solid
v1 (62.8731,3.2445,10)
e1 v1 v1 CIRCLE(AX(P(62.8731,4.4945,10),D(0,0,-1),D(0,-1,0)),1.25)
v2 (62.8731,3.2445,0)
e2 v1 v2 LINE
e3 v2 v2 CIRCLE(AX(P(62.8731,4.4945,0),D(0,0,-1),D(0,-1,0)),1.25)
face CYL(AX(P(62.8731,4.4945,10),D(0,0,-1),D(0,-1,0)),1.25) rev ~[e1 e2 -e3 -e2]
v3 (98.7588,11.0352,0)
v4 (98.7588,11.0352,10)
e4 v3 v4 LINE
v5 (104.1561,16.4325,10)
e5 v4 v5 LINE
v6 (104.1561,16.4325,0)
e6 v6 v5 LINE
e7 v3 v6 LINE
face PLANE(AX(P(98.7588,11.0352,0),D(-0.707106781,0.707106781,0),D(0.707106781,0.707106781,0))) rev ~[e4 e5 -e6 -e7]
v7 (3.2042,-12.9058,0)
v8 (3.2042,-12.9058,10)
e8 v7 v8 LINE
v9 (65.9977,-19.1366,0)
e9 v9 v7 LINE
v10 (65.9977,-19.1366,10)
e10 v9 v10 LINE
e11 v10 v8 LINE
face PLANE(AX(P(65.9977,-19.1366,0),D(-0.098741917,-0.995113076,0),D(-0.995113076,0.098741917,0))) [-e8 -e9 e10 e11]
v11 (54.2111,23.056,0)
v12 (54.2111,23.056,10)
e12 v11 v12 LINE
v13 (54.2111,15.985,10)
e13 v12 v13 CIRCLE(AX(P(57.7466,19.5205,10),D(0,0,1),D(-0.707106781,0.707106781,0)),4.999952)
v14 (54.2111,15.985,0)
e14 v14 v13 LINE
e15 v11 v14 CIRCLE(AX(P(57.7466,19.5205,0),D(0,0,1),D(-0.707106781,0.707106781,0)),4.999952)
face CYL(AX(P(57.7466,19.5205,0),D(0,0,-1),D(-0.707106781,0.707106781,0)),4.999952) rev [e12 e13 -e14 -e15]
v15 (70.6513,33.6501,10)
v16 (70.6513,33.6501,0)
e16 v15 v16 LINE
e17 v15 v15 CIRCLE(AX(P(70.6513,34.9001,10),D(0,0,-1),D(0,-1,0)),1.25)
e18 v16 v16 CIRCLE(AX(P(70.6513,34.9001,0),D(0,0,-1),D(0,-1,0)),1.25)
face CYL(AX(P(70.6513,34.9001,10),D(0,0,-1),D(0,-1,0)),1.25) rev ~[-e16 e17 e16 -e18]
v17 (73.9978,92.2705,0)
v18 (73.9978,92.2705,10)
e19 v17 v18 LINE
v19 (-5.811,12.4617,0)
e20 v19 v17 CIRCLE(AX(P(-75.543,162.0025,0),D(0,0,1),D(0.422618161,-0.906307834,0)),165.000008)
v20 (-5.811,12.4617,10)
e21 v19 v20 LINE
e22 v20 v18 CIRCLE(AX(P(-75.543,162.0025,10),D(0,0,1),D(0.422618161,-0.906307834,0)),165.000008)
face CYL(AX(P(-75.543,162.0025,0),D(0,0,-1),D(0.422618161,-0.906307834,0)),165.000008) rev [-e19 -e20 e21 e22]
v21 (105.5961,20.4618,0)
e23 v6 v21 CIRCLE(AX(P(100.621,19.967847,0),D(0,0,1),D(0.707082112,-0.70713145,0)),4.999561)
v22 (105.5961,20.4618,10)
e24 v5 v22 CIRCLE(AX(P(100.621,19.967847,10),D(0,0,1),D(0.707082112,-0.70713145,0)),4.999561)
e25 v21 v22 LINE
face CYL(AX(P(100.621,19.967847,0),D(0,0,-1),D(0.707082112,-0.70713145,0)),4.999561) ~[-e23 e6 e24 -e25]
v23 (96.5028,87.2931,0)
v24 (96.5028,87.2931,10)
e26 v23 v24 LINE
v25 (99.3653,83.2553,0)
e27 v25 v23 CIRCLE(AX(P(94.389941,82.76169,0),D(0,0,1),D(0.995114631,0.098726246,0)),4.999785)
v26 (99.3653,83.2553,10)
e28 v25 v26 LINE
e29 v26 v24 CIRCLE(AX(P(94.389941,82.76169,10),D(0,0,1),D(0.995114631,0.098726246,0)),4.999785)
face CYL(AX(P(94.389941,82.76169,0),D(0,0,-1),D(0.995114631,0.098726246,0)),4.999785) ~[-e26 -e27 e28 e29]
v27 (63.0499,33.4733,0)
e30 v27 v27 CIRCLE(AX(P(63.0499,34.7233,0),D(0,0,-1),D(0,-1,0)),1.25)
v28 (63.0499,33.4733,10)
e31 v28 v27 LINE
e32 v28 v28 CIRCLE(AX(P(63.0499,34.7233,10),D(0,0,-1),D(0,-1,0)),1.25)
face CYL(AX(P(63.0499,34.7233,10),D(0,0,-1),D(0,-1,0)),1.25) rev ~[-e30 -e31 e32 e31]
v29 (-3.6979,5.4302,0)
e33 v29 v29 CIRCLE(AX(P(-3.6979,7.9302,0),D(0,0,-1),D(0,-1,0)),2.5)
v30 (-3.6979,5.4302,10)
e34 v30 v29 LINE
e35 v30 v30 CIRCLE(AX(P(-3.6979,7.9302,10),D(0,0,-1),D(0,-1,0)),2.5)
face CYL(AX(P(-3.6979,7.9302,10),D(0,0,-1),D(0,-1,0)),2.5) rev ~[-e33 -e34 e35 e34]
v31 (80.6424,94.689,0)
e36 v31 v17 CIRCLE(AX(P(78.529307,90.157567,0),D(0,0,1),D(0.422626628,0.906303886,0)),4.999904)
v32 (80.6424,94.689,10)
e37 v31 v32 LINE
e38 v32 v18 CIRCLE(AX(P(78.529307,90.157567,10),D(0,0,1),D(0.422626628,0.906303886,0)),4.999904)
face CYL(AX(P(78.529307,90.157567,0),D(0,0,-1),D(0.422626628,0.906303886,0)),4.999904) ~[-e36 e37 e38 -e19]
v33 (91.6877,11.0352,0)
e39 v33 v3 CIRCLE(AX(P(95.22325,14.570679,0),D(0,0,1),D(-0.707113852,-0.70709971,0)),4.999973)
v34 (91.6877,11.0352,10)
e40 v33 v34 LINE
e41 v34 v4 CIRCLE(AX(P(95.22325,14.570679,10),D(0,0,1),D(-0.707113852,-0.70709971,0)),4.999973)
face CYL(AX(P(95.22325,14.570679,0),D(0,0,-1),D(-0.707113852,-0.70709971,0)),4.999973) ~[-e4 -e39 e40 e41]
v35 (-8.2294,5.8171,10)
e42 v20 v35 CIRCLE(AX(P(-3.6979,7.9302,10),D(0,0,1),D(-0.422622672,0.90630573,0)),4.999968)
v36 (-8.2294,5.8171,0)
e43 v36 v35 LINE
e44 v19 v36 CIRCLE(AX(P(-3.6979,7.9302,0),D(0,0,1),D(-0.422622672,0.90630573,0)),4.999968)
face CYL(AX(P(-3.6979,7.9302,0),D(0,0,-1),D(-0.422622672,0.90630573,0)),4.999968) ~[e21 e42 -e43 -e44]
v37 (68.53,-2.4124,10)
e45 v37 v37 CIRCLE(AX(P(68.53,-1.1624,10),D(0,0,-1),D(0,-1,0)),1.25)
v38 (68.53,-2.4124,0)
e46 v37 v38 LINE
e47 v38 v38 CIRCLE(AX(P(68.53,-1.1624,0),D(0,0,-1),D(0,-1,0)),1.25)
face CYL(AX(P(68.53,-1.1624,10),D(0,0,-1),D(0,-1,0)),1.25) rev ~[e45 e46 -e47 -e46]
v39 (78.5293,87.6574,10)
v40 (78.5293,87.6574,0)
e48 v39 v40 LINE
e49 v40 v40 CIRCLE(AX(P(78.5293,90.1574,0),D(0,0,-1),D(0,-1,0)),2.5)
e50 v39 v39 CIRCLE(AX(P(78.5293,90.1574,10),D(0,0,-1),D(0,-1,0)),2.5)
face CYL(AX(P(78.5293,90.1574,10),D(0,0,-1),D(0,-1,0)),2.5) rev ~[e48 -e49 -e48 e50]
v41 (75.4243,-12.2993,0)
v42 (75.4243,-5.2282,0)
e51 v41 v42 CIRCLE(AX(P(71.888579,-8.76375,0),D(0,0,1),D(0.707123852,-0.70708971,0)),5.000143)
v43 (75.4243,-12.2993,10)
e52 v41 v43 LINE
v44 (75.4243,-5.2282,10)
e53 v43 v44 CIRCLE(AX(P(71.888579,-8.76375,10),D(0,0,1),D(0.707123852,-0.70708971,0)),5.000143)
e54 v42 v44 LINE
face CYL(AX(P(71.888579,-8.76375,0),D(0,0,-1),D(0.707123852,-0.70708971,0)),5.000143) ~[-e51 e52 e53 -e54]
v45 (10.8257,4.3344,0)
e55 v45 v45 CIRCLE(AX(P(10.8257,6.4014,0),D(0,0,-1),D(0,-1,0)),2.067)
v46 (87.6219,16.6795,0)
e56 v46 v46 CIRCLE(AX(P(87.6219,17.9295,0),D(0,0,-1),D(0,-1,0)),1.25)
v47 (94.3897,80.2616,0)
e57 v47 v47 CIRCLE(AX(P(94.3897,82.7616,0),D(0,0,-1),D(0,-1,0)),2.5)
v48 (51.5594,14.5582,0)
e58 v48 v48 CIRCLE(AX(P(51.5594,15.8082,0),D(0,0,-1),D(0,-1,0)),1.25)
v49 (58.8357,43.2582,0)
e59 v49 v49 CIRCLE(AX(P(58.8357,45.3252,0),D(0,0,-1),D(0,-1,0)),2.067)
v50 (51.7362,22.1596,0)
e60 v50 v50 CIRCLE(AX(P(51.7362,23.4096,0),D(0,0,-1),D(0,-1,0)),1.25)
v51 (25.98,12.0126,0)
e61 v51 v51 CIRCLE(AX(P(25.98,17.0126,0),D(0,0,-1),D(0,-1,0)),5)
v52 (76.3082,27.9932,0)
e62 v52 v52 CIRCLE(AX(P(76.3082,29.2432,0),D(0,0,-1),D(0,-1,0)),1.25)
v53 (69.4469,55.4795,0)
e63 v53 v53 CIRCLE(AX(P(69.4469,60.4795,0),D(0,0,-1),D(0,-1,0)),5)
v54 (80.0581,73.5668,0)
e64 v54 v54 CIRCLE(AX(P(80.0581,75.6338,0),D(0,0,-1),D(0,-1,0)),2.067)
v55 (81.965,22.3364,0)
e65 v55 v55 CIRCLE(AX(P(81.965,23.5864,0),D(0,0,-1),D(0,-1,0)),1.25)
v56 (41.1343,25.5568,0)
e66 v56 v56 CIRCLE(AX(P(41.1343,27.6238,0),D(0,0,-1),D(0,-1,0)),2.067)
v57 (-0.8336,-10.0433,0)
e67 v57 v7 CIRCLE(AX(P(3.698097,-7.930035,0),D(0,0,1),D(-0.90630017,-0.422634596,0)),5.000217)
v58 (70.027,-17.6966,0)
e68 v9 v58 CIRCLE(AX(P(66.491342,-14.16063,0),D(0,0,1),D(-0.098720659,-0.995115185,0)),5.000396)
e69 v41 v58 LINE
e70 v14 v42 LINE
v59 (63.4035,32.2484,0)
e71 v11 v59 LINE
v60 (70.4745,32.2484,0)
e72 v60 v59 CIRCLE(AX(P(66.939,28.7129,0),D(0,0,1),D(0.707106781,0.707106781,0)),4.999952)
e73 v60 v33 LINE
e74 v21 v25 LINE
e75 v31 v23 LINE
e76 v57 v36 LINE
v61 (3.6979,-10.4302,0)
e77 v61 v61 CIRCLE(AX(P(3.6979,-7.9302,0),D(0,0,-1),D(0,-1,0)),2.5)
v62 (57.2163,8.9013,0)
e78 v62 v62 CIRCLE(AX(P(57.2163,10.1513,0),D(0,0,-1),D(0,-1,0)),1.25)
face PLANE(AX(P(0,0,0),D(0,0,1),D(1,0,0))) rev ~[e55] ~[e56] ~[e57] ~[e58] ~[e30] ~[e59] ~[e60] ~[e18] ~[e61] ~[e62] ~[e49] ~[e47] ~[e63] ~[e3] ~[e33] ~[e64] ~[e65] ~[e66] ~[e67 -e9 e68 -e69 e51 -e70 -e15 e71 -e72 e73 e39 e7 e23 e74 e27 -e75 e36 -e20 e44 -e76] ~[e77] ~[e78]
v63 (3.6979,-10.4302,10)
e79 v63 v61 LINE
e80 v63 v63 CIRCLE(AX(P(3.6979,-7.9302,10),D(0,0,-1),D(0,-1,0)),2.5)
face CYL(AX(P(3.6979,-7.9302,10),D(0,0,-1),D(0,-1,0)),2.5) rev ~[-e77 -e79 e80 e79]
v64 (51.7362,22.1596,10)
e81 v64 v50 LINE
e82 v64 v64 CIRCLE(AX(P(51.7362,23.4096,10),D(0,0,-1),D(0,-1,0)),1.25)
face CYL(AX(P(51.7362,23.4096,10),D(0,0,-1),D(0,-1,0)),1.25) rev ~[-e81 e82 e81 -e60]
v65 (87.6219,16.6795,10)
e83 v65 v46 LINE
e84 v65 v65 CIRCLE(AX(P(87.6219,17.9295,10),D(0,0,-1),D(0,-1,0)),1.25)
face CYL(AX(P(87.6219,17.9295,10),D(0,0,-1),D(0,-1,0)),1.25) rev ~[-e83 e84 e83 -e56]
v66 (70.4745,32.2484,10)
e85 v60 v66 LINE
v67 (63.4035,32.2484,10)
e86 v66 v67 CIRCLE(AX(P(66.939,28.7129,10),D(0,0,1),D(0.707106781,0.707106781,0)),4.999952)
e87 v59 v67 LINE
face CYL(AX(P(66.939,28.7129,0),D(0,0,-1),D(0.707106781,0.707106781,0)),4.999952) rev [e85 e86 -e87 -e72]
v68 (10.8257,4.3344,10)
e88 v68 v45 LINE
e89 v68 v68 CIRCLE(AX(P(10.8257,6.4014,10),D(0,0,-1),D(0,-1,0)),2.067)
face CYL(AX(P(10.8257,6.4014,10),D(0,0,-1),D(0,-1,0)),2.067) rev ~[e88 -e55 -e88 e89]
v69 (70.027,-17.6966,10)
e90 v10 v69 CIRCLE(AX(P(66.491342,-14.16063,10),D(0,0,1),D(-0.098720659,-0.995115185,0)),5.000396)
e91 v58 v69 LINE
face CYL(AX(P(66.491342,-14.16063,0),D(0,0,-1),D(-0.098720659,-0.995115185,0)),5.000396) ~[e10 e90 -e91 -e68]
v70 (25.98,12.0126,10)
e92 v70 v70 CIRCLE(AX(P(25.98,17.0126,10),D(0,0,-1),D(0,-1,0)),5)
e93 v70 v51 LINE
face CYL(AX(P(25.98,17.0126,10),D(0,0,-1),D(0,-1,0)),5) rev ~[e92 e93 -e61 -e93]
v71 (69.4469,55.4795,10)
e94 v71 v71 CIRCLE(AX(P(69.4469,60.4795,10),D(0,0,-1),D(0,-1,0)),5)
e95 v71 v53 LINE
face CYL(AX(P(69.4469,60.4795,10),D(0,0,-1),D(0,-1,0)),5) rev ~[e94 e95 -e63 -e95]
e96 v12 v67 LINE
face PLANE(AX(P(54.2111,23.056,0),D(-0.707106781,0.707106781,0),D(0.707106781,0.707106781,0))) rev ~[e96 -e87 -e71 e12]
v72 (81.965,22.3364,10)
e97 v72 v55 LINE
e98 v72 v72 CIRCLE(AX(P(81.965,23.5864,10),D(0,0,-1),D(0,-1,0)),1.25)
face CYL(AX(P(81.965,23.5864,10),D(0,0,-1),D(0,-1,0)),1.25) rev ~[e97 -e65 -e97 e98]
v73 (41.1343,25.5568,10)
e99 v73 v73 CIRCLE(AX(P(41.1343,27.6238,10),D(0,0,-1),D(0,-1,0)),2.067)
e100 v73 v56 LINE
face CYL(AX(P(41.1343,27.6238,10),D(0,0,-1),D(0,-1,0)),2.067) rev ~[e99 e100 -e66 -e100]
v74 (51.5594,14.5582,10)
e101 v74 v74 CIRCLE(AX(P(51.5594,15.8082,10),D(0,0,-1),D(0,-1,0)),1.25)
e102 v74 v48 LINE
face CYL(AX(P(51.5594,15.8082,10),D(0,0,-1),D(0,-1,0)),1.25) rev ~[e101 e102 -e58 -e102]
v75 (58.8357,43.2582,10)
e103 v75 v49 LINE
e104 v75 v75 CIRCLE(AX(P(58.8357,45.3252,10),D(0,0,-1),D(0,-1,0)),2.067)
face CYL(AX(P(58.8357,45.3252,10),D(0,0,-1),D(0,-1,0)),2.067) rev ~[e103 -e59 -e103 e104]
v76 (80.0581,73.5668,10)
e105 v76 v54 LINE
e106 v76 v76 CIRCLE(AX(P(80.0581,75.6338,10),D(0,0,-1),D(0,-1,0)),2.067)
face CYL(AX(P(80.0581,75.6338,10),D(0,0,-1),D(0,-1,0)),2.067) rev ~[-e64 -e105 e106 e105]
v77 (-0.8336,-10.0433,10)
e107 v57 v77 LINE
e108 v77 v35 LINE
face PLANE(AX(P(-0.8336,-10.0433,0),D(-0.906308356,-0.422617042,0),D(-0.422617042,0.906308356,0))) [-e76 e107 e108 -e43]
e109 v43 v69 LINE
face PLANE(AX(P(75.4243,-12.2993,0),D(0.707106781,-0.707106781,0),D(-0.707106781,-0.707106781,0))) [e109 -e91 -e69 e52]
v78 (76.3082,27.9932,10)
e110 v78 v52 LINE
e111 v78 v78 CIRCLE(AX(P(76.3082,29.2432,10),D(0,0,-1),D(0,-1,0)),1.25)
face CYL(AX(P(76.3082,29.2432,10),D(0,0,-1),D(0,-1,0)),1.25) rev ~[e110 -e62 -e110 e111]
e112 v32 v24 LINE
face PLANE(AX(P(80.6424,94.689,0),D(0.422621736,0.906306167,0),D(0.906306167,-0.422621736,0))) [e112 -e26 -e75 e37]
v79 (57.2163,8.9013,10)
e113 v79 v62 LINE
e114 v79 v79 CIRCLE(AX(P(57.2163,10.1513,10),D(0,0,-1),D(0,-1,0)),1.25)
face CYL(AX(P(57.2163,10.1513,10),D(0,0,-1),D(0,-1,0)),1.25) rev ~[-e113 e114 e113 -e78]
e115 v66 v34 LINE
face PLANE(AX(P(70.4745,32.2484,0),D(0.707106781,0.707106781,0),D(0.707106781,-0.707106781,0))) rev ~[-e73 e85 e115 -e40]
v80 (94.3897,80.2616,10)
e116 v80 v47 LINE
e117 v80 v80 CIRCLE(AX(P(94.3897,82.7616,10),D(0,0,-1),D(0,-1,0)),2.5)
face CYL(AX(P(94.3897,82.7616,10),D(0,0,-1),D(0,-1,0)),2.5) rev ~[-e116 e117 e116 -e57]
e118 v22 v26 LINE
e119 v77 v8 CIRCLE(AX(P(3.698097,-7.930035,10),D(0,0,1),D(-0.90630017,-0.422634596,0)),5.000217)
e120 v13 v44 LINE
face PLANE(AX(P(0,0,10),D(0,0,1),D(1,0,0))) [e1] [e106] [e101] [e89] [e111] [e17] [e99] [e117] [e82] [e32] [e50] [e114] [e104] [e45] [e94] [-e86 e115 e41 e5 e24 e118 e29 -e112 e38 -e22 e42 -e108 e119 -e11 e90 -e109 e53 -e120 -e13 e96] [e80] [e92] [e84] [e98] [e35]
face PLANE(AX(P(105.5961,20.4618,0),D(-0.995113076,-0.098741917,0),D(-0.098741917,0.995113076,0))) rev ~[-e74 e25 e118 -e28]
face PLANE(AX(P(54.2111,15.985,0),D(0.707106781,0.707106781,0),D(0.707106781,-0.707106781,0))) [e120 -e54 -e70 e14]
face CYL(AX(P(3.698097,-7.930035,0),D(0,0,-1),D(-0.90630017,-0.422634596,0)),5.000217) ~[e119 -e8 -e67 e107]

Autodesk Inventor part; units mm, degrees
ref_plane "YZ Plane" through (0, 0, 0) normal (1, 0, 0) x (0, 1, 0)
ref_plane "XZ Plane" through (0, 0, 0) normal (0, 1, 0) x (-1, 0, 0)
ref_plane "XY Plane" through (0, 0, 0) normal (0, 0, 1) x (1, 0, 0)
sketch "Sketch1" plane through (0, 0, 0) normal (0, 0, 1) x (1, 0, 0)
  circle A0 centre (-3.6979, 7.9302) radius 2.5 construction
  circle A1 centre (3.6979, -7.9302) radius 2.5 construction
  line L0 (-8.2294, 5.8171) -> (-0.8336, -10.0433) construction
  arc A2 (-0.8336, -10.0433) -> (8.2294, -5.8171) centre (3.6979, -7.9302) ccw construction
  line L1 (8.2294, -5.8171) -> (0.8336, 10.0433) construction
  arc A3 (0.8336, 10.0433) -> (-8.2294, 5.8171) centre (-3.6979, 7.9302) ccw construction
  circle A4 centre (78.5293, 90.1574) radius 2.5 construction
  circle A5 centre (94.3897, 82.7616) radius 2.5 construction
  line L2 (76.4162, 85.6259) -> (92.2766, 78.2301) construction
  arc A6 (92.2766, 78.2301) -> (96.5028, 87.2931) centre (94.3897, 82.7616) ccw construction
  line L3 (96.5028, 87.2931) -> (80.6424, 94.689) construction
  arc A7 (80.6424, 94.689) -> (76.4162, 85.6259) centre (78.5293, 90.1574) ccw construction
  circle A8 centre (-75.543, 162.0025) radius 75 construction
  line L4 (112.457, 50.5739) -> (112.457, -27.9975) construction
  line L5 (107.457, -32.9975) -> (39.927, -32.9975) construction
  line L6 (-75.543, 162.0025) -> (58.8073, 27.6522) construction
  line L7 (54.2111, 23.056) -> (63.4035, 32.2484)
  line L8 (70.4745, 32.2484) -> (91.6877, 11.0352)
  line L9 (54.2111, 15.985) -> (75.4243, -5.2282)
  line L10 (75.4243, -12.2993) -> (70.027, -17.6966)
  line L11 (98.7588, 11.0352) -> (104.1561, 16.4325)
  line L12 (-0.8336, -10.0433) -> (-8.2294, 5.8171)
  line L13 (80.6424, 94.689) -> (96.5028, 87.2931)
  arc A9 (-5.811, 12.4617) -> (73.9978, 92.2705) centre (-75.543, 162.0025) ccw
  line L14 (-3.6979, 7.9302) -> (3.6979, -7.9302) construction
  line L15 (78.5293, 90.1574) -> (94.3897, 82.7616) construction
  line L16 (65.9977, -19.1366) -> (3.2042, -12.9058)
  line L17 (105.5961, 20.4618) -> (99.3653, 83.2553)
  arc A10 (75.4243, -12.2993) -> (75.4243, -5.2282) centre (71.8887, -8.7638) ccw
  arc A11 (54.2111, 23.056) -> (54.2111, 15.985) centre (57.7466, 19.5205) ccw
  arc A12 (70.4745, 32.2484) -> (63.4035, 32.2484) centre (66.939, 28.7129) ccw
  arc A13 (91.6877, 11.0352) -> (98.7588, 11.0352) centre (95.2233, 14.5708) ccw
  arc A14 (104.1561, 16.4325) -> (105.5961, 20.4618) centre (100.6206, 19.9681) ccw
  arc A15 (99.3653, 83.2553) -> (96.5028, 87.2931) centre (94.3897, 82.7616) ccw
  arc A16 (80.6424, 94.689) -> (73.9978, 92.2705) centre (78.5293, 90.1574) ccw
  arc A17 (-5.811, 12.4617) -> (-8.2294, 5.8171) centre (-3.6979, 7.9302) ccw
  arc A18 (-0.8336, -10.0433) -> (3.2042, -12.9058) centre (3.6979, -7.9302) ccw
  arc A19 (65.9977, -19.1366) -> (70.027, -17.6966) centre (66.4914, -14.1611) ccw
  point P0 (0, 0)
  point P1 (79.4008, -9.1758)
  point P2 (50.6755, 19.5205)
  point P3 (66.939, 35.784)
  point P4 (95.2233, 7.4997)
  point P5 (78.9598, -8.7638)
  point P6 (68.3532, -19.3704)
  point P7 (105.8299, 18.1063)
  point P8 (0.37, -12.6245)
  point P9 (76.0422, 96.8341)
  point P10 (99.084, 86.0895)
  point P11 (-10.3746, 10.4173)
  point P12 (-4.5315, -2.1131)
  point P13 (88.5726, 90.991)
  dimension "d56" = 190
  dimension "d64" = 23
  dimension "d65" = 40
  dimension "d67" = 165
  dimension "d68" = 15
  dimension "d69" = 15
  dimension "d70" = 20
  dimension "d73" = 5
extrude "Extrusion1" add sketch "Sketch1" along normal blind 10
sketch "Sketch2" plane through (0, 0, 10) normal (0, 0, 1) x (1, 0, 0)
  circle A0 centre (3.6979, -7.9302) radius 2.067 projected
  circle A1 centre (-3.6979, 7.9302) radius 2.067 projected
  circle A2 centre (94.3897, 82.7616) radius 2.067 projected
  circle A3 centre (78.5293, 90.1574) radius 2.067 projected
  point P0 (0, 0)
hole "Hole1" at (78.5293, 90.1574, 10) at (94.3897, 82.7616, 10) at (-3.6979, 7.9302, 10) at (3.6979, -7.9302, 10) direction (0, 0, -1) diameter 5 end through all
sketch "Sketch4" plane through (0, 0, 10) normal (0, 0, 1) x (1, 0, 0)
  circle A0 centre (-3.6979, 7.9302) radius 2.5 projected
  circle A1 centre (78.5293, 90.1574) radius 2.5 projected
  circle A2 centre (94.3897, 82.7616) radius 2.5 projected
  circle A3 centre (3.6979, -7.9302) radius 2.5 projected
  line L0 (-75.543, 162.0025) -> (25.98, 17.0126) construction
  line L1 (-75.543, 162.0025) -> (-3.6979, 7.9302) construction
  line L2 (78.5293, 90.1574) -> (-75.543, 162.0025) construction
  line L3 (-75.543, 162.0025) -> (69.4469, 60.4795) construction
  circle A4 centre (-75.543, 162.0025) radius 75 projected
  point P0 (0, 0)
  dimension "d27" = 10
  dimension "d28" = 10
  dimension "d71" = 177
  dimension "d72" = 177
hole "Hole2" at (25.98, 17.0126, 10) at (69.4469, 60.4795, 10) direction (0, 0, -1) diameter 10 end through all
sketch "Sketch6" plane through (0, 0, 10) normal (0, 0, 1) x (1, 0, 0)
  line L0 (25.98, 17.0126) -> (10.8257, 6.4014) construction
  line L1 (25.98, 17.0126) -> (41.1343, 27.6238) construction
  line L2 (25.98, 17.0126) -> (19.0971, 26.8424) construction
  line L3 (69.4469, 60.4795) -> (58.8357, 45.3252) construction
  line L4 (69.4469, 60.4795) -> (80.0581, 75.6338) construction
  line L5 (69.4469, 60.4795) -> (59.6171, 67.3624) construction
  arc A0 (-5.811, 12.4617) -> (73.9978, 92.2705) centre (-75.543, 162.0025) ccw projected
  circle A1 centre (69.4469, 60.4795) radius 5 projected
  circle A2 centre (25.98, 17.0126) radius 5 projected
  point P0 (0, 0)
  point P1 (76.0422, 96.8341)
  point P2 (-10.3746, 10.4173)
  dimension "d29" = 18.5
  dimension "d30" = 18.5
  dimension "d38" = 18.5
  dimension "d39" = 18.5
hole "Hole3" at (10.8257, 6.4014, 10) at (41.1343, 27.6238, 10) at (58.8357, 45.3252, 10) at (80.0581, 75.6338, 10) direction (0, 0, -1) diameter 4.134 end through all thread size "M5x0.8" class "6H" standard "ANSI Metric M Profile"
sketch "Sketch7" plane through (0, 0, 10) normal (0, 0, 1) x (1, 0, 0)
  arc A0 (50.3958, 16.2647) -> (52.016, 14.6445) centre (51.5594, 15.8082) ccw projected
  arc A1 (56.0526, 10.6079) -> (57.6728, 8.9877) centre (57.2163, 10.1513) ccw projected
  arc A2 (61.7095, 4.951) -> (63.3297, 3.3308) centre (62.8731, 4.4945) ccw projected
  arc A3 (67.3663, -0.7058) -> (68.9865, -2.326) centre (68.53, -1.1624) ccw projected
  arc A4 (71.815, 34.4435) -> (70.1948, 36.0637) centre (70.6513, 34.9001) ccw projected
  arc A5 (77.4718, 28.7867) -> (75.8516, 30.4069) centre (76.3082, 29.2432) ccw projected
  arc A6 (83.1287, 23.1298) -> (81.5085, 24.75) centre (81.965, 23.5864) ccw projected
  arc A7 (88.7855, 17.473) -> (87.1653, 19.0932) centre (87.6219, 17.9295) ccw projected
  arc A8 (63.5065, 35.8869) -> (61.8863, 34.2668) centre (63.0499, 34.7233) ccw projected
  arc A9 (52.1927, 24.5732) -> (50.5726, 22.953) centre (51.7362, 23.4096) ccw projected
  point P0 (0, 0)
hole "Hole4" at (51.7362, 23.4096, 10) at (63.0499, 34.7233, 10) at (51.5594, 15.8082, 10) at (57.2163, 10.1513, 10) at (62.8731, 4.4945, 10) at (70.6513, 34.9001, 10) at (76.3082, 29.2432, 10) at (81.965, 23.5864, 10) at (68.53, -1.1624, 10) at (87.6219, 17.9295, 10) direction (0, 0, -1) diameter 2.5 end through all
properties part number "motorplate"
